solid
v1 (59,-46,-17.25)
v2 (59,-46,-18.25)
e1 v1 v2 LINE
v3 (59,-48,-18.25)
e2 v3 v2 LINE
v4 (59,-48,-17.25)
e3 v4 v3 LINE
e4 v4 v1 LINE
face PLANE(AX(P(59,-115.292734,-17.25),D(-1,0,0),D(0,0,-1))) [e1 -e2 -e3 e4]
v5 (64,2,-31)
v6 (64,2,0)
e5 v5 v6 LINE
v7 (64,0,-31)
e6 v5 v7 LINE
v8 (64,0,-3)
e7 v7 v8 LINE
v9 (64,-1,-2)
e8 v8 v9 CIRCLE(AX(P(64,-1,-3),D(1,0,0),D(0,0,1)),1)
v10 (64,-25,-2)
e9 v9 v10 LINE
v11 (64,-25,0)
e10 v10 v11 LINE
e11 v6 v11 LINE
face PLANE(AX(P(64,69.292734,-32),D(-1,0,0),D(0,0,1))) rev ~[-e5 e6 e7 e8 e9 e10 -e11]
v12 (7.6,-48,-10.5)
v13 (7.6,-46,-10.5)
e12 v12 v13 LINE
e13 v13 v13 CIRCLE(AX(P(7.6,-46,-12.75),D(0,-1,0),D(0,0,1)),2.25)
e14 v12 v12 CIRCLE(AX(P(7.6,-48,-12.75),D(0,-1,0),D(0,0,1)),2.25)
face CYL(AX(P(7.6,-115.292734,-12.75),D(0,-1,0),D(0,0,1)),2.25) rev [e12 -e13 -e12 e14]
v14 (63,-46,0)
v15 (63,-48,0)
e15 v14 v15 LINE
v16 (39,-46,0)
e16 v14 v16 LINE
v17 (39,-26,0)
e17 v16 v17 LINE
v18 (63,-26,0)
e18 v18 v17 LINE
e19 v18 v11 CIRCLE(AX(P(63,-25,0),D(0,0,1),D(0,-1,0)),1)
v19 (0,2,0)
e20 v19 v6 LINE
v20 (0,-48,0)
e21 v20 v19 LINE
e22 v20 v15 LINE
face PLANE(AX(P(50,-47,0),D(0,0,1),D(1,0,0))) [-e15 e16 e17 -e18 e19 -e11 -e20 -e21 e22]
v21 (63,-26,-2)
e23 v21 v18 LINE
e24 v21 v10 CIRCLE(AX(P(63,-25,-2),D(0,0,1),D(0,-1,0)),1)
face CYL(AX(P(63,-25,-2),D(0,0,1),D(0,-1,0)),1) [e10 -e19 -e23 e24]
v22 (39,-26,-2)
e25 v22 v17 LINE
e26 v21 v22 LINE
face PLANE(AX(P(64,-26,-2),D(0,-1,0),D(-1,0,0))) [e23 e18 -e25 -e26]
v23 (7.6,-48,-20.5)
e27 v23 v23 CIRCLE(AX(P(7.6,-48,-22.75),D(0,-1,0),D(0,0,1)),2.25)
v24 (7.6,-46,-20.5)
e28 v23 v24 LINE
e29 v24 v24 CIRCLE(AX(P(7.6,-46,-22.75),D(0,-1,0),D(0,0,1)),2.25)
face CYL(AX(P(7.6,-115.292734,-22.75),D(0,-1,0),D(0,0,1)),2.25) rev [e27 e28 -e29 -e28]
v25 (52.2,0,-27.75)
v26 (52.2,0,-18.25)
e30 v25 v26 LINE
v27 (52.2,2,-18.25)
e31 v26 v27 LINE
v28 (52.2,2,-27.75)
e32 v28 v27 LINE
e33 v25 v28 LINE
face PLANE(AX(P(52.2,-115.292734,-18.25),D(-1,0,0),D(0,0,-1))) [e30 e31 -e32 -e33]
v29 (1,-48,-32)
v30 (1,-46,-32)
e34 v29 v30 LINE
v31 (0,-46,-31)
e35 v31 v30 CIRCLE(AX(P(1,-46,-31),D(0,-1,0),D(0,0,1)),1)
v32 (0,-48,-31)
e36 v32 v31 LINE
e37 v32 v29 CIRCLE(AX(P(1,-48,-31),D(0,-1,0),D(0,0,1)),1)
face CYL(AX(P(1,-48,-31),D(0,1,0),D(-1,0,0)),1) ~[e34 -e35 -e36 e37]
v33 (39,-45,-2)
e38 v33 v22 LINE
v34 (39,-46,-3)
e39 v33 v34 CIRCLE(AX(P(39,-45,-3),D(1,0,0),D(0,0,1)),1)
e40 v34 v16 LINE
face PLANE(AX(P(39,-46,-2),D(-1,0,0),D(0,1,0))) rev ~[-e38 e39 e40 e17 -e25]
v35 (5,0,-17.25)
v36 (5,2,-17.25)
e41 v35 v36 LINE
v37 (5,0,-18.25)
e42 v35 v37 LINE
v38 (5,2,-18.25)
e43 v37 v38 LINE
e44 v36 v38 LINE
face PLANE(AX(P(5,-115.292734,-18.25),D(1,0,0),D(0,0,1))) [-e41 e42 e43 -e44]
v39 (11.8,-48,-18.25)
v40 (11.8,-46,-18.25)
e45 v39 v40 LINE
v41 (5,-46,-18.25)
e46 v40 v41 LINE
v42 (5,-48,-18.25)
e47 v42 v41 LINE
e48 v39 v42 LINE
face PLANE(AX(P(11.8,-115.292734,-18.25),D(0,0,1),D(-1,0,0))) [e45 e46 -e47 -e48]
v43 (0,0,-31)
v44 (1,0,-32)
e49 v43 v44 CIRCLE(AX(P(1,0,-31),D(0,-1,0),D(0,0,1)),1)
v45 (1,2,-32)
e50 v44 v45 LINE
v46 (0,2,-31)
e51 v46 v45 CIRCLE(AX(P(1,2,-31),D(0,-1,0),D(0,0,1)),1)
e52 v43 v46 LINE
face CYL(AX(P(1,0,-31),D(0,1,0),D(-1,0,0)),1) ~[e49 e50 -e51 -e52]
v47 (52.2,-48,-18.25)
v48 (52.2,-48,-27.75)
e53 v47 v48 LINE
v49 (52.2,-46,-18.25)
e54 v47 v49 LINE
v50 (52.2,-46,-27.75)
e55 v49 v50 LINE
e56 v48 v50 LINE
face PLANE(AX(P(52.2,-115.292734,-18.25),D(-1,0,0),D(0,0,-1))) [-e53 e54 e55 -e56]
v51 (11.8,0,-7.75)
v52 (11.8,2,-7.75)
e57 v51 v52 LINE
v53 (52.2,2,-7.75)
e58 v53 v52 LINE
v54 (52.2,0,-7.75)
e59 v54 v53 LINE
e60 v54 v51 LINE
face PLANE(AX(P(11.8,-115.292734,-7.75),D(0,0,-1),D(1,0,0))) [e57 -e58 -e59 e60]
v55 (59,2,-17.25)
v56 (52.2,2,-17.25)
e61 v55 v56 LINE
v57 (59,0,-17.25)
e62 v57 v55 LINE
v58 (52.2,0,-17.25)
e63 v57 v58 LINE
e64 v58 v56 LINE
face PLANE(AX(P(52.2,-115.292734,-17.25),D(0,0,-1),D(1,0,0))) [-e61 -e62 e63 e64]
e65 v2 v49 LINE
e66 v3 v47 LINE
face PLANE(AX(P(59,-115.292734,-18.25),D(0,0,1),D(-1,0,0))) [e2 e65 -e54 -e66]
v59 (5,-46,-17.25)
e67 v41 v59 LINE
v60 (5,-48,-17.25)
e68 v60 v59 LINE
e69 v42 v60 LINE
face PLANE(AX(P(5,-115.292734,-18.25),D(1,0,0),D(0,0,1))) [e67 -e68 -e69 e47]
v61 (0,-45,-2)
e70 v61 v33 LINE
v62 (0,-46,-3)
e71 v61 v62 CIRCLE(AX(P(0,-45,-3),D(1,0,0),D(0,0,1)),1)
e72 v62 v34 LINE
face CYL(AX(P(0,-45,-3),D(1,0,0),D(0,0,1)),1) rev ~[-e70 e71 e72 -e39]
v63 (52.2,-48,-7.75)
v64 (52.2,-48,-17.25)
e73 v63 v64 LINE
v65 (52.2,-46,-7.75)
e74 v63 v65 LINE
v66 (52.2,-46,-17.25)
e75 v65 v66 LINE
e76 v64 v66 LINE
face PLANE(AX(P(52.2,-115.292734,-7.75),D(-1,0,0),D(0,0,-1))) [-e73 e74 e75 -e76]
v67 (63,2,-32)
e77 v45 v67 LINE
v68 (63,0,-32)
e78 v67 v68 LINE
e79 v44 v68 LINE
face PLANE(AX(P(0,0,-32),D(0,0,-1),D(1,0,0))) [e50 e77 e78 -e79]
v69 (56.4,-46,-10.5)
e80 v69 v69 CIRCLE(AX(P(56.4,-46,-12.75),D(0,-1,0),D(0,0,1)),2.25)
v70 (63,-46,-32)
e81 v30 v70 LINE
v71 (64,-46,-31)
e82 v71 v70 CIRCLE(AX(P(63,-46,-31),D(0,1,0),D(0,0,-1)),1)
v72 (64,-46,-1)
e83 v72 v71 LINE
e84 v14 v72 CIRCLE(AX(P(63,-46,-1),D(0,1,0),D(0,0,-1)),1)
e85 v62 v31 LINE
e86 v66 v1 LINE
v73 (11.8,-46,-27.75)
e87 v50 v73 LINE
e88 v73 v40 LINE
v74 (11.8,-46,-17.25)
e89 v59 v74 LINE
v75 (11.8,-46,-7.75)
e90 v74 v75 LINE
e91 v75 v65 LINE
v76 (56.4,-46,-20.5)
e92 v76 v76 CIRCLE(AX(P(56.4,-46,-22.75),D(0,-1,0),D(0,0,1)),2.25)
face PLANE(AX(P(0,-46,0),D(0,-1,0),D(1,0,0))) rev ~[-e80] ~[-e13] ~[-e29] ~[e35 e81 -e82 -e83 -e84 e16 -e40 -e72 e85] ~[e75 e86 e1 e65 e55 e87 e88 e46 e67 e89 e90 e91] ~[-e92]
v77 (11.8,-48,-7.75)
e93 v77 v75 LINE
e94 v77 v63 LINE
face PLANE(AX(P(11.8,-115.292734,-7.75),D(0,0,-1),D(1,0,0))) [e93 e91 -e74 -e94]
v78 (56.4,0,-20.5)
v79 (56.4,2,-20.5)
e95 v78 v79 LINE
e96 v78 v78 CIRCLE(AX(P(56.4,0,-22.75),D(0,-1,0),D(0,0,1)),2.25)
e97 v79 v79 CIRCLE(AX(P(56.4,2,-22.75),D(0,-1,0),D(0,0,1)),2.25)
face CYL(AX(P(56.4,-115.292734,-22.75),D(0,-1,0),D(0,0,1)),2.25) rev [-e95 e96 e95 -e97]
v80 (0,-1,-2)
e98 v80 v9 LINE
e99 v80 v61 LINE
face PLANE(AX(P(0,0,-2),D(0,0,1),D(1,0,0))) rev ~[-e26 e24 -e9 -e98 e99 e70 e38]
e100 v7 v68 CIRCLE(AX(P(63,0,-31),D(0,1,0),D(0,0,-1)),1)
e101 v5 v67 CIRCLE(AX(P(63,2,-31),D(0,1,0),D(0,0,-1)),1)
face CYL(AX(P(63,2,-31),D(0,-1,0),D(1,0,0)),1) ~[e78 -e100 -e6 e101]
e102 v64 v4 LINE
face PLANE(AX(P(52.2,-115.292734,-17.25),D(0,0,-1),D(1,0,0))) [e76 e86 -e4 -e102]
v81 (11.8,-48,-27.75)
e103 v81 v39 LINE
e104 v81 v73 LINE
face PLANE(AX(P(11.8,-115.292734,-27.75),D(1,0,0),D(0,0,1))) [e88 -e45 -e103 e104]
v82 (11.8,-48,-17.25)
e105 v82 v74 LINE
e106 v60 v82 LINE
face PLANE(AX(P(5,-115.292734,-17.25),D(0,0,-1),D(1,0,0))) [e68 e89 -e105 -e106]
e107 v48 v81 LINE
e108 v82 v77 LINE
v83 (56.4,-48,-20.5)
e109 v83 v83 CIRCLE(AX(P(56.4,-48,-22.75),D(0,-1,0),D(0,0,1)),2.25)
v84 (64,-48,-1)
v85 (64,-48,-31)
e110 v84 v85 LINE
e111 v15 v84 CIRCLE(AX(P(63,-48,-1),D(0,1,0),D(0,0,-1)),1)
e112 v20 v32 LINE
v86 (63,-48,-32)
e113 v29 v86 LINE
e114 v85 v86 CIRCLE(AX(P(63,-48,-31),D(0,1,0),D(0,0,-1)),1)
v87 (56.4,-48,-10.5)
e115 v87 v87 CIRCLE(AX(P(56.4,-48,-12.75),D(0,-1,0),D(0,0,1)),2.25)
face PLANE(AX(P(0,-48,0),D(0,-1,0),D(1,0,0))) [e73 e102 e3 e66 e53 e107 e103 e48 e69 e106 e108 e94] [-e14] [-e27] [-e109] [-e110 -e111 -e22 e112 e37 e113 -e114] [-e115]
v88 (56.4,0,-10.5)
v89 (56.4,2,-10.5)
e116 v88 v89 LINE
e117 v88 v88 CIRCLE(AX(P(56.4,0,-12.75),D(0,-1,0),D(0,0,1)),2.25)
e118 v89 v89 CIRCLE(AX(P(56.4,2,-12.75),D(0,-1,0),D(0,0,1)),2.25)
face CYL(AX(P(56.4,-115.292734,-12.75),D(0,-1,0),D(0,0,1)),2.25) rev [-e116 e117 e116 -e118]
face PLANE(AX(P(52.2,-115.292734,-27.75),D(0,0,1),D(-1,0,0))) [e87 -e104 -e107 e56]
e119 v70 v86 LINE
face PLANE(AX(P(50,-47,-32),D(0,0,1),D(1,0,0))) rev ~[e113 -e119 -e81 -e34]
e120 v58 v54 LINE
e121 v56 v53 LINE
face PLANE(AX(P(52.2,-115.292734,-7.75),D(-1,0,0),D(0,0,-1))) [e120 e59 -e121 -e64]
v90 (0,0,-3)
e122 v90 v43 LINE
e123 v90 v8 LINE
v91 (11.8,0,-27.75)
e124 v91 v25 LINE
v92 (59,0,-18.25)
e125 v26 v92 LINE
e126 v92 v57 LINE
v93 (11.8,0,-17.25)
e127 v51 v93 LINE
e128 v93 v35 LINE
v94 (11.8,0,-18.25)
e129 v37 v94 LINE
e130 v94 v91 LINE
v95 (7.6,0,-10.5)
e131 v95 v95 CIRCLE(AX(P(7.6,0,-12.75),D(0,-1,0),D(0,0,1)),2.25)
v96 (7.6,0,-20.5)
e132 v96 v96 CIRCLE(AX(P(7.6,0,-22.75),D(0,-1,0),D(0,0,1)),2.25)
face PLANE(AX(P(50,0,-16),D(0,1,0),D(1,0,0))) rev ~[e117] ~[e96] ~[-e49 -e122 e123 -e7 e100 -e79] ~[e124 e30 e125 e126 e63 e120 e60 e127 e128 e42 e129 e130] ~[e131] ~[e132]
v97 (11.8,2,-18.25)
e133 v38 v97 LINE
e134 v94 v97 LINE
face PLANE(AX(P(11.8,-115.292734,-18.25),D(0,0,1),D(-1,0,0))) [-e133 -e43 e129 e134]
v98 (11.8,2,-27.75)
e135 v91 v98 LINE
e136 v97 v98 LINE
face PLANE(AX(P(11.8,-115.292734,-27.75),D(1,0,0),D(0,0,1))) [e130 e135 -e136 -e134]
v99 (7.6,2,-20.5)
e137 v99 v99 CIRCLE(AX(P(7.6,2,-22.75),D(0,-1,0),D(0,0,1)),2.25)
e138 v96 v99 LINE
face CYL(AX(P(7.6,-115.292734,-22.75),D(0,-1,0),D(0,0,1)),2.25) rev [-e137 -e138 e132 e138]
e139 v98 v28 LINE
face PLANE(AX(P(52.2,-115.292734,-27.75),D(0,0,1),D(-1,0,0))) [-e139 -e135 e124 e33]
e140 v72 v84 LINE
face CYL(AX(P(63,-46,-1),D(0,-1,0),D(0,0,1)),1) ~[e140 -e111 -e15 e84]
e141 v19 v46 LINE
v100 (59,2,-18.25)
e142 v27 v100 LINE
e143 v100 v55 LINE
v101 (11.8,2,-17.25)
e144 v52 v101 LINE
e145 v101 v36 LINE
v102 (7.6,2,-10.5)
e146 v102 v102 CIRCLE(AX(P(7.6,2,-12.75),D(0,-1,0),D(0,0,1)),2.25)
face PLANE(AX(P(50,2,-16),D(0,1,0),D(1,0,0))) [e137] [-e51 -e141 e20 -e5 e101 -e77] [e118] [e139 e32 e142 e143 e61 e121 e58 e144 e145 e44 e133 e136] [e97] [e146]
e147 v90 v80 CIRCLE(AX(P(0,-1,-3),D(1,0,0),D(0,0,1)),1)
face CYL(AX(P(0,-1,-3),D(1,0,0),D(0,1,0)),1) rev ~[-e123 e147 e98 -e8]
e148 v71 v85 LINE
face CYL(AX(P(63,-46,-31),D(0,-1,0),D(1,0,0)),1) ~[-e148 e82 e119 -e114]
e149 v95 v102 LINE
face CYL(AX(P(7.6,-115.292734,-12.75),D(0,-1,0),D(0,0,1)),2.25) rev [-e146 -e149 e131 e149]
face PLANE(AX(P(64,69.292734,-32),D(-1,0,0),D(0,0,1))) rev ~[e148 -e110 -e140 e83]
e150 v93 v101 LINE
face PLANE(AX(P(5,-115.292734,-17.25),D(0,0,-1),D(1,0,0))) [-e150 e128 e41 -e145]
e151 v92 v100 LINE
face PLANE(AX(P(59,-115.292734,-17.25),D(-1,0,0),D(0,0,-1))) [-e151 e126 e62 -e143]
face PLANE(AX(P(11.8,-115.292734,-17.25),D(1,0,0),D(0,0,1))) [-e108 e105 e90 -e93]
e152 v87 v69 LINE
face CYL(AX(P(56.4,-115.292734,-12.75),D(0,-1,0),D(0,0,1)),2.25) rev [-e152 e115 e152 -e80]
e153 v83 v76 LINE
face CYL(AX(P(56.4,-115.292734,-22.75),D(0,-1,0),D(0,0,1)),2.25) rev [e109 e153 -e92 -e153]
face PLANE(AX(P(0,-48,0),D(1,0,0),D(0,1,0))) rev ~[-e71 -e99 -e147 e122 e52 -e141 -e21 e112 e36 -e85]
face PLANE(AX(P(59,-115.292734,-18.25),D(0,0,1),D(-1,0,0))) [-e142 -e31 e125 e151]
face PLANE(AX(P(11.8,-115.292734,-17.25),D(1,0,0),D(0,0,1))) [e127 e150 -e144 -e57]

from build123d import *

# Parameters (mm, degrees)
SKETCH1_W               = 100
SKETCH1_H               = 32
BOSS_EXTRUDE1_DEPTH     = 2
SKETCH2_W               = 100
SKETCH2_H               = 2
BOSS_EXTRUDE2_DEPTH     = 46
SKETCH3_W               = 100
SKETCH3_H               = 2
BOSS_EXTRUDE3_DEPTH     = 32
CUT_EXTRUDE1_DEPTH      = 117.292734081
CUT_EXTRUDE1_DEPTH_BACK = 117.292734081
SKETCH4_R               = 2.25
CUT_EXTRUDE2_DEPTH      = 117.292734081
CUT_EXTRUDE2_DEPTH_BACK = 117.292734081
SKETCH5_W               = 36
SKETCH5_H               = 32
SKETCH6_W               = 25
SKETCH6_H               = 20
CUT_EXTRUDE3_DEPTH      = 2
FILLET1_R               = 1


with BuildPart() as part:
    # Sketch1 → Boss-Extrude1 (new body)
    with BuildSketch(Plane(origin=(0, 0, 0), x_dir=(1, 0, 0), z_dir=(0, 1, 0))):
        with Locations((50, 16)):
            Rectangle(SKETCH1_W, SKETCH1_H)
    extrude(amount=BOSS_EXTRUDE1_DEPTH)

    # Sketch2 → Boss-Extrude2 (add)
    with BuildSketch(Plane.XZ):
        with Locations((50, -1)):
            Rectangle(SKETCH2_W, SKETCH2_H)
    extrude(amount=BOSS_EXTRUDE2_DEPTH)

    # Sketch3 → Boss-Extrude3 (add)
    with BuildSketch(Plane.XY):
        with Locations((50, -47)):
            Rectangle(SKETCH3_W, SKETCH3_H)
    extrude(amount=-BOSS_EXTRUDE3_DEPTH)

    # Sketch4 → Cut-Extrude1 (cut, two sides: drawn at the far end of the back side and taken through both)
    with BuildSketch(Plane(origin=(0, 2, 0), x_dir=(1, 0, 0), z_dir=(0, 1, 0)).offset(-CUT_EXTRUDE1_DEPTH_BACK)):
        with Locations(Location((7.6, 22.75, 0), (0, 0, 270))):
            Circle(SKETCH4_R)
        with Locations(Location((56.4, 22.75, 0), (0, 0, 270))):
            Circle(SKETCH4_R)
        with Locations(Location((56.4, 12.75, 0), (0, 0, 270))):
            Circle(SKETCH4_R)
        Polygon((52.2, 17.25), (59, 17.25), (59, 18.25), (52.2, 18.25), (52.2, 27.75), (11.8, 27.75), (11.8, 18.25), (5, 18.25), (5, 17.25), (11.8, 17.25), (11.8, 7.75), (52.2, 7.75), align=None)
        with Locations(Location((7.6, 12.75, 0), (0, 0, 270))):
            Circle(SKETCH4_R)
    extrude(amount=CUT_EXTRUDE1_DEPTH + CUT_EXTRUDE1_DEPTH_BACK, mode=Mode.SUBTRACT)

    # Sketch5 → Cut-Extrude2 (cut, two sides: drawn at the far end of the back side and taken through both)
    with BuildSketch(Plane.XZ.offset(48).offset(-CUT_EXTRUDE2_DEPTH_BACK)):
        with Locations((82, -16)):
            Rectangle(SKETCH5_W, SKETCH5_H)
    extrude(amount=CUT_EXTRUDE2_DEPTH + CUT_EXTRUDE2_DEPTH_BACK, mode=Mode.SUBTRACT)

    # Sketch6 → Cut-Extrude3 (cut)
    with BuildSketch(Plane(origin=(0, 0, -2), x_dir=(-1, 0, 0), z_dir=(0, 0, -1))):
        with Locations((-51.5, -36)):
            Rectangle(SKETCH6_W, SKETCH6_H)
    extrude(amount=-CUT_EXTRUDE3_DEPTH, mode=Mode.SUBTRACT)

    # Fillet1
    fillet1_edges = [part.edges().sort_by_distance(p)[0] for p in [
        (0, 1, -32),
        (0, -47, -32),
        (64, -47, -32),
        (64, 1, -32),
        (32, 0, -2),
        (19.5, -46, -2),
        (64, -47, 0),
        (64, -26, -1),
    ]]
    fillet(fillet1_edges, radius=FILLET1_R)


solid = part.part
